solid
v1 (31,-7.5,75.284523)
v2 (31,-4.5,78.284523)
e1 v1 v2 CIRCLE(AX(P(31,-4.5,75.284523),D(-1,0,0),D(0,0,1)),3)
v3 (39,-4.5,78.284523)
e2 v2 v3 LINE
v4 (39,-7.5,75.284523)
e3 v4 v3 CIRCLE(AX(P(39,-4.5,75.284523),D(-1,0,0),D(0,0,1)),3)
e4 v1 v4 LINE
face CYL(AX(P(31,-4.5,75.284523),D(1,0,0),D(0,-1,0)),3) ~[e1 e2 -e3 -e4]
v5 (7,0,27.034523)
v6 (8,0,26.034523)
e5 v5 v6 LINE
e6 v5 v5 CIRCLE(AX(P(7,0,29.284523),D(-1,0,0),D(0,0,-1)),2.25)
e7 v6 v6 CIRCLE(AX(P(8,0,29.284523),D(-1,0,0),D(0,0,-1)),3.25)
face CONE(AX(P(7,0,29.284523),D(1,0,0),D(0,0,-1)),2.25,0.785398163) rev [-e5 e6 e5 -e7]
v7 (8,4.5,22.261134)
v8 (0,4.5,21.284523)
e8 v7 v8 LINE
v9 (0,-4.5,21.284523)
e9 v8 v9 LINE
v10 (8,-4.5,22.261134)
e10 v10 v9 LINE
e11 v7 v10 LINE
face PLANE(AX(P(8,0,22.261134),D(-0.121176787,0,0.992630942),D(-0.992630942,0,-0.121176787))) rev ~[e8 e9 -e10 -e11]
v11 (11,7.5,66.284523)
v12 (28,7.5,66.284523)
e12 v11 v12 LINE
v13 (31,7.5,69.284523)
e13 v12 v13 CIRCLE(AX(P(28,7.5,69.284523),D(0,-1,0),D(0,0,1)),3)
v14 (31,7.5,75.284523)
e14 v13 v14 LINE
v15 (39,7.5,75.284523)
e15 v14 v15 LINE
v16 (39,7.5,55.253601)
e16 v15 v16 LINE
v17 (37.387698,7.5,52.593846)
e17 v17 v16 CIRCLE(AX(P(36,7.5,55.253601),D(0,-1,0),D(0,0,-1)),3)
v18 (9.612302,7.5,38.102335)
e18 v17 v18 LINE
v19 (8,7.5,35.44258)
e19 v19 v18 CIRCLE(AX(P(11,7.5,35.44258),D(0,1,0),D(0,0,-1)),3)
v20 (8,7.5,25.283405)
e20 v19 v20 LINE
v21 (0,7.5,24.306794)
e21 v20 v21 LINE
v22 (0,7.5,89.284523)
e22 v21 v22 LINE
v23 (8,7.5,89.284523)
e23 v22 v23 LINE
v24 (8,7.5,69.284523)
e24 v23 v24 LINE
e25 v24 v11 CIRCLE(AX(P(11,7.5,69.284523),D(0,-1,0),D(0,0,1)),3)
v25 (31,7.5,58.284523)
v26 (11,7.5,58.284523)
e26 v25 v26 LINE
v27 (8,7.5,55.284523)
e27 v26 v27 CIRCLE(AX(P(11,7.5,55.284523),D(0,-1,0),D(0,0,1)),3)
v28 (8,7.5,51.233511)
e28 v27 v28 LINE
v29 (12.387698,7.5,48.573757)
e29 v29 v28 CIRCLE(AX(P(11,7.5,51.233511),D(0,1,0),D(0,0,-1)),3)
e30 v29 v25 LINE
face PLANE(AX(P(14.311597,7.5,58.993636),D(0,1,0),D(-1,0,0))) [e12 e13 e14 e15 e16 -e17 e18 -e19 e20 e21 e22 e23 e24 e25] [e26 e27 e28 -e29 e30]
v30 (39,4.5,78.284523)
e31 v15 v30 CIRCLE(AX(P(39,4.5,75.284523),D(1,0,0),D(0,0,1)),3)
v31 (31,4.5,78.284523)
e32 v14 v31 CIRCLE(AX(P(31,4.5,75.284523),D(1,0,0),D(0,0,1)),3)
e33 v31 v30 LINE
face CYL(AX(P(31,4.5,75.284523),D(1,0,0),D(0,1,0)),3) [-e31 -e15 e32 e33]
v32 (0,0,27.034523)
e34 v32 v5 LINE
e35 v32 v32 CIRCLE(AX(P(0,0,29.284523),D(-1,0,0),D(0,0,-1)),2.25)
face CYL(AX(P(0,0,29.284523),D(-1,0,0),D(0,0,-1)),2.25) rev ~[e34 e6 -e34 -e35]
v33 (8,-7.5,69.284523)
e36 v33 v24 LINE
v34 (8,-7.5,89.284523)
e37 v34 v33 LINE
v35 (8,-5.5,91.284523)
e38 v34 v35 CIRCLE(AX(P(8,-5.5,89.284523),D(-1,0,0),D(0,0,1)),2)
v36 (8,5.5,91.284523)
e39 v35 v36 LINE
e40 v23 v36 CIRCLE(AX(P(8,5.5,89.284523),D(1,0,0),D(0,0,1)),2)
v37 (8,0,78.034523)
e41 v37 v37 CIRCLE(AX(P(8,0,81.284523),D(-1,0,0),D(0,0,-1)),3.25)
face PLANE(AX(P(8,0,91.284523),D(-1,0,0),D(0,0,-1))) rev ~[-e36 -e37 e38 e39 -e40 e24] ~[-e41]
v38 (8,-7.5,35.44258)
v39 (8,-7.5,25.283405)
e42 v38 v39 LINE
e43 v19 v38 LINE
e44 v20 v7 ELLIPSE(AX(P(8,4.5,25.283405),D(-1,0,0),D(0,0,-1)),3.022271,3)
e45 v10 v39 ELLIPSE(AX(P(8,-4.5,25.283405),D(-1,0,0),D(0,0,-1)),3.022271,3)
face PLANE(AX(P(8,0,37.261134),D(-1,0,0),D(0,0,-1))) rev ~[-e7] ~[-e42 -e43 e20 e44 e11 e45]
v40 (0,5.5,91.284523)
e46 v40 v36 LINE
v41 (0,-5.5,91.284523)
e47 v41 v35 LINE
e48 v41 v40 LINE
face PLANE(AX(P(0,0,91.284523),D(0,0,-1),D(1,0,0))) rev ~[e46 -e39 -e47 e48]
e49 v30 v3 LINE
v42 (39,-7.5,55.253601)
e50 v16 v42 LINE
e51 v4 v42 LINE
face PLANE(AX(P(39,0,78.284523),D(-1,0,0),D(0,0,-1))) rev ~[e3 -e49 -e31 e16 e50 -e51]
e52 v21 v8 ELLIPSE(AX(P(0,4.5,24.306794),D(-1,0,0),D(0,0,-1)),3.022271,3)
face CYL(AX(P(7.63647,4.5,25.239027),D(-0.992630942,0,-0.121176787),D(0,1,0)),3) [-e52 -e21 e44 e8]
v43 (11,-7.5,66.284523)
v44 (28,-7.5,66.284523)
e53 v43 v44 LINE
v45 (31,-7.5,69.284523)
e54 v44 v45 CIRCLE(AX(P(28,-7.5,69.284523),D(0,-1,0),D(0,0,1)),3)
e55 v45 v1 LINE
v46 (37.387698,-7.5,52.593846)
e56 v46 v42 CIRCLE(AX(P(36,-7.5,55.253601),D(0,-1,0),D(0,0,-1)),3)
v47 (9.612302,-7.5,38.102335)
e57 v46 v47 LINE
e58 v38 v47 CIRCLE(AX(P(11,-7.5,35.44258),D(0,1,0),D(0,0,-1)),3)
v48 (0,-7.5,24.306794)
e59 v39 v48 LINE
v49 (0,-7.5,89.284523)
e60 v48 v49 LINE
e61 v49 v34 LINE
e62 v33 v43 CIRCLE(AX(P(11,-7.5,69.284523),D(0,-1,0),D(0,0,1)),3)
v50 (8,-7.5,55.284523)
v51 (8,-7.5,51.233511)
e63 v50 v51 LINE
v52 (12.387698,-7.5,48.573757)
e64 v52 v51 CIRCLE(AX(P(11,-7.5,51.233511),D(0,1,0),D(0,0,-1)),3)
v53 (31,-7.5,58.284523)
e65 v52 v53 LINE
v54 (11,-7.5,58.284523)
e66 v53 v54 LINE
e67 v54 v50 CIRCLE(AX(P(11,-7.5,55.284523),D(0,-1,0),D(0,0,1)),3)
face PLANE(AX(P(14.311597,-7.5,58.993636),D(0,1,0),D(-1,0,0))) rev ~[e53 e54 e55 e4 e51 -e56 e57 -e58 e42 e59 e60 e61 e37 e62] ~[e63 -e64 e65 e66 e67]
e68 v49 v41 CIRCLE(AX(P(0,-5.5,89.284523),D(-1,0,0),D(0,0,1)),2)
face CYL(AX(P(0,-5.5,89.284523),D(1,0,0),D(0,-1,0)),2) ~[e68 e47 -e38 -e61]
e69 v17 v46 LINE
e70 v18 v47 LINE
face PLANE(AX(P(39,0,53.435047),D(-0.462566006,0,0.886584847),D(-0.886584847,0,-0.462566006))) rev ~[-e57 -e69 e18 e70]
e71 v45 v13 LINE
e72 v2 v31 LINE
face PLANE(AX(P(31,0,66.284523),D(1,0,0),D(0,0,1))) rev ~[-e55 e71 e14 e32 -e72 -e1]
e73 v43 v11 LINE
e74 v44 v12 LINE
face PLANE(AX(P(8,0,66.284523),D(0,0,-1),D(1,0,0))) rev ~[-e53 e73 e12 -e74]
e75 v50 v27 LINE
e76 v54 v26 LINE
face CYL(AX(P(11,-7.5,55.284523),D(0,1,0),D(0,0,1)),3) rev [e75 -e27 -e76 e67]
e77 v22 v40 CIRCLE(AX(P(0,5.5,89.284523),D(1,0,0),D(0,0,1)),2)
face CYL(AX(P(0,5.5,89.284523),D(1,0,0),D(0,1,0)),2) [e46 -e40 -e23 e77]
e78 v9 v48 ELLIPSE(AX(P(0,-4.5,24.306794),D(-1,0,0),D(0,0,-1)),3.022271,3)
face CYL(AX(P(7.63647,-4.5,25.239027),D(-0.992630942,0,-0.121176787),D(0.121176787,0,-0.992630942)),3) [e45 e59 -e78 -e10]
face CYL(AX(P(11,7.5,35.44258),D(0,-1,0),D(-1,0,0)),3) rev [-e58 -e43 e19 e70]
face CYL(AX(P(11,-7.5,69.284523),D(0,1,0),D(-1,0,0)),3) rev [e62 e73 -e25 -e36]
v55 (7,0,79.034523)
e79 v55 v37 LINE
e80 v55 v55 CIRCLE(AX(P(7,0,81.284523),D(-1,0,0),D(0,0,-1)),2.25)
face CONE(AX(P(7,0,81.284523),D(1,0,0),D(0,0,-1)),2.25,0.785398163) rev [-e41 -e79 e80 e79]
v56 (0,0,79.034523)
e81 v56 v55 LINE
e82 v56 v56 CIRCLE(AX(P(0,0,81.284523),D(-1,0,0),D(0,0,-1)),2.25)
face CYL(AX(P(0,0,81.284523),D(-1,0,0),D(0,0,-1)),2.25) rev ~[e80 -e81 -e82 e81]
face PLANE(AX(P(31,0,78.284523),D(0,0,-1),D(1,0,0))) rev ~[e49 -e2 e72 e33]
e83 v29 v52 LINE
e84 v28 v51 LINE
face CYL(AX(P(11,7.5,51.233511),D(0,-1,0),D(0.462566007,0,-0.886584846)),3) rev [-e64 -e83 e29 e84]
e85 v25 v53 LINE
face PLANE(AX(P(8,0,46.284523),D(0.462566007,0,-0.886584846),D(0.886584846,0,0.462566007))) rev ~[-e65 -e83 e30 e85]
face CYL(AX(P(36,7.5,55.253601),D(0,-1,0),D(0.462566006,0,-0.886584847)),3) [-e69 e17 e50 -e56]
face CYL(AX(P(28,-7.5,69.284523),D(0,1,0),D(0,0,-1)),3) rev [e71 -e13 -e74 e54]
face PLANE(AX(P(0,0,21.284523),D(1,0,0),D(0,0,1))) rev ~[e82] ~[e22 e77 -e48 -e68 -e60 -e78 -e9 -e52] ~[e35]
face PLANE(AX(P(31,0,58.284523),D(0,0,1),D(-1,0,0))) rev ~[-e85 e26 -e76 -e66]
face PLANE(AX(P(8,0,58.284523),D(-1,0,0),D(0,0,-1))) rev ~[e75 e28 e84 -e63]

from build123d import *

# Parameters (mm, degrees)
PAD_DEPTH    = 7.5
SKETCH001_R  = 2.25
POCKET_DEPTH = 8
CHAMFER_SIZE = 1
FILLET_R     = 2
FILLET001_R  = 3
FILLET002_R  = 3
FILLET003_R  = 3


with BuildPart() as part:
    # Sketch → Pad (new body, symmetric)
    with BuildSketch(Plane.XZ):
        Polygon((0, 21.284523), (0, 91.284523), (8, 91.284523), (8, 66.284523), (31, 66.284523), (31, 78.284523), (39, 78.284523), (39, 53.435047), (8, 37.261134), (8, 22.261134), align=None)
        Polygon((8, 58.284523), (8, 46.284523), (31, 58.284523), align=None, mode=Mode.SUBTRACT)
    extrude(amount=PAD_DEPTH, both=True)

    # Sketch001 (on Face1 of Pad) → Pocket (cut)
    with BuildSketch(Plane(origin=(0, 0, 0), x_dir=(0, 0, -1), z_dir=(-1, 0, 0))):
        with Locations((-81.284523, 0)):
            Circle(SKETCH001_R)
        with Locations((-29.284523, 0)):
            Circle(SKETCH001_R)
    extrude(amount=-POCKET_DEPTH, mode=Mode.SUBTRACT)

    # Chamfer
    chamfer_edges = [part.edges().sort_by_distance(p)[0] for p in [
        (8, 0, 83.534523),
        (8, 0, 31.534523),
    ]]
    chamfer(chamfer_edges, length=CHAMFER_SIZE)

    # Fillet
    fillet_edges = [part.edges().sort_by_distance(p)[0] for p in [
        (4, -7.5, 91.284523),
        (4, 7.5, 91.284523),
    ]]
    fillet(fillet_edges, radius=FILLET_R)

    # Fillet001
    fillet001_edges = [part.edges().sort_by_distance(p)[0] for p in [
        (39, 0, 53.435047),
        (4, -7.5, 21.772828),
        (4, 7.5, 21.772828),
    ]]
    fillet(fillet001_edges, radius=FILLET001_R)

    # Fillet002
    fillet002_edges = [part.edges().sort_by_distance(p)[0] for p in [
        (35, -7.5, 78.284523),
        (35, 7.5, 78.284523),
        (8, 0, 37.261134),
    ]]
    fillet(fillet002_edges, radius=FILLET002_R)

    # Fillet003
    fillet003_edges = [part.edges().sort_by_distance(p)[0] for p in [
        (8, 0, 58.284523),
        (8, 0, 46.284523),
        (8, 0, 66.284523),
        (31, 0, 66.284523),
    ]]
    fillet(fillet003_edges, radius=FILLET003_R)


solid = part.part
